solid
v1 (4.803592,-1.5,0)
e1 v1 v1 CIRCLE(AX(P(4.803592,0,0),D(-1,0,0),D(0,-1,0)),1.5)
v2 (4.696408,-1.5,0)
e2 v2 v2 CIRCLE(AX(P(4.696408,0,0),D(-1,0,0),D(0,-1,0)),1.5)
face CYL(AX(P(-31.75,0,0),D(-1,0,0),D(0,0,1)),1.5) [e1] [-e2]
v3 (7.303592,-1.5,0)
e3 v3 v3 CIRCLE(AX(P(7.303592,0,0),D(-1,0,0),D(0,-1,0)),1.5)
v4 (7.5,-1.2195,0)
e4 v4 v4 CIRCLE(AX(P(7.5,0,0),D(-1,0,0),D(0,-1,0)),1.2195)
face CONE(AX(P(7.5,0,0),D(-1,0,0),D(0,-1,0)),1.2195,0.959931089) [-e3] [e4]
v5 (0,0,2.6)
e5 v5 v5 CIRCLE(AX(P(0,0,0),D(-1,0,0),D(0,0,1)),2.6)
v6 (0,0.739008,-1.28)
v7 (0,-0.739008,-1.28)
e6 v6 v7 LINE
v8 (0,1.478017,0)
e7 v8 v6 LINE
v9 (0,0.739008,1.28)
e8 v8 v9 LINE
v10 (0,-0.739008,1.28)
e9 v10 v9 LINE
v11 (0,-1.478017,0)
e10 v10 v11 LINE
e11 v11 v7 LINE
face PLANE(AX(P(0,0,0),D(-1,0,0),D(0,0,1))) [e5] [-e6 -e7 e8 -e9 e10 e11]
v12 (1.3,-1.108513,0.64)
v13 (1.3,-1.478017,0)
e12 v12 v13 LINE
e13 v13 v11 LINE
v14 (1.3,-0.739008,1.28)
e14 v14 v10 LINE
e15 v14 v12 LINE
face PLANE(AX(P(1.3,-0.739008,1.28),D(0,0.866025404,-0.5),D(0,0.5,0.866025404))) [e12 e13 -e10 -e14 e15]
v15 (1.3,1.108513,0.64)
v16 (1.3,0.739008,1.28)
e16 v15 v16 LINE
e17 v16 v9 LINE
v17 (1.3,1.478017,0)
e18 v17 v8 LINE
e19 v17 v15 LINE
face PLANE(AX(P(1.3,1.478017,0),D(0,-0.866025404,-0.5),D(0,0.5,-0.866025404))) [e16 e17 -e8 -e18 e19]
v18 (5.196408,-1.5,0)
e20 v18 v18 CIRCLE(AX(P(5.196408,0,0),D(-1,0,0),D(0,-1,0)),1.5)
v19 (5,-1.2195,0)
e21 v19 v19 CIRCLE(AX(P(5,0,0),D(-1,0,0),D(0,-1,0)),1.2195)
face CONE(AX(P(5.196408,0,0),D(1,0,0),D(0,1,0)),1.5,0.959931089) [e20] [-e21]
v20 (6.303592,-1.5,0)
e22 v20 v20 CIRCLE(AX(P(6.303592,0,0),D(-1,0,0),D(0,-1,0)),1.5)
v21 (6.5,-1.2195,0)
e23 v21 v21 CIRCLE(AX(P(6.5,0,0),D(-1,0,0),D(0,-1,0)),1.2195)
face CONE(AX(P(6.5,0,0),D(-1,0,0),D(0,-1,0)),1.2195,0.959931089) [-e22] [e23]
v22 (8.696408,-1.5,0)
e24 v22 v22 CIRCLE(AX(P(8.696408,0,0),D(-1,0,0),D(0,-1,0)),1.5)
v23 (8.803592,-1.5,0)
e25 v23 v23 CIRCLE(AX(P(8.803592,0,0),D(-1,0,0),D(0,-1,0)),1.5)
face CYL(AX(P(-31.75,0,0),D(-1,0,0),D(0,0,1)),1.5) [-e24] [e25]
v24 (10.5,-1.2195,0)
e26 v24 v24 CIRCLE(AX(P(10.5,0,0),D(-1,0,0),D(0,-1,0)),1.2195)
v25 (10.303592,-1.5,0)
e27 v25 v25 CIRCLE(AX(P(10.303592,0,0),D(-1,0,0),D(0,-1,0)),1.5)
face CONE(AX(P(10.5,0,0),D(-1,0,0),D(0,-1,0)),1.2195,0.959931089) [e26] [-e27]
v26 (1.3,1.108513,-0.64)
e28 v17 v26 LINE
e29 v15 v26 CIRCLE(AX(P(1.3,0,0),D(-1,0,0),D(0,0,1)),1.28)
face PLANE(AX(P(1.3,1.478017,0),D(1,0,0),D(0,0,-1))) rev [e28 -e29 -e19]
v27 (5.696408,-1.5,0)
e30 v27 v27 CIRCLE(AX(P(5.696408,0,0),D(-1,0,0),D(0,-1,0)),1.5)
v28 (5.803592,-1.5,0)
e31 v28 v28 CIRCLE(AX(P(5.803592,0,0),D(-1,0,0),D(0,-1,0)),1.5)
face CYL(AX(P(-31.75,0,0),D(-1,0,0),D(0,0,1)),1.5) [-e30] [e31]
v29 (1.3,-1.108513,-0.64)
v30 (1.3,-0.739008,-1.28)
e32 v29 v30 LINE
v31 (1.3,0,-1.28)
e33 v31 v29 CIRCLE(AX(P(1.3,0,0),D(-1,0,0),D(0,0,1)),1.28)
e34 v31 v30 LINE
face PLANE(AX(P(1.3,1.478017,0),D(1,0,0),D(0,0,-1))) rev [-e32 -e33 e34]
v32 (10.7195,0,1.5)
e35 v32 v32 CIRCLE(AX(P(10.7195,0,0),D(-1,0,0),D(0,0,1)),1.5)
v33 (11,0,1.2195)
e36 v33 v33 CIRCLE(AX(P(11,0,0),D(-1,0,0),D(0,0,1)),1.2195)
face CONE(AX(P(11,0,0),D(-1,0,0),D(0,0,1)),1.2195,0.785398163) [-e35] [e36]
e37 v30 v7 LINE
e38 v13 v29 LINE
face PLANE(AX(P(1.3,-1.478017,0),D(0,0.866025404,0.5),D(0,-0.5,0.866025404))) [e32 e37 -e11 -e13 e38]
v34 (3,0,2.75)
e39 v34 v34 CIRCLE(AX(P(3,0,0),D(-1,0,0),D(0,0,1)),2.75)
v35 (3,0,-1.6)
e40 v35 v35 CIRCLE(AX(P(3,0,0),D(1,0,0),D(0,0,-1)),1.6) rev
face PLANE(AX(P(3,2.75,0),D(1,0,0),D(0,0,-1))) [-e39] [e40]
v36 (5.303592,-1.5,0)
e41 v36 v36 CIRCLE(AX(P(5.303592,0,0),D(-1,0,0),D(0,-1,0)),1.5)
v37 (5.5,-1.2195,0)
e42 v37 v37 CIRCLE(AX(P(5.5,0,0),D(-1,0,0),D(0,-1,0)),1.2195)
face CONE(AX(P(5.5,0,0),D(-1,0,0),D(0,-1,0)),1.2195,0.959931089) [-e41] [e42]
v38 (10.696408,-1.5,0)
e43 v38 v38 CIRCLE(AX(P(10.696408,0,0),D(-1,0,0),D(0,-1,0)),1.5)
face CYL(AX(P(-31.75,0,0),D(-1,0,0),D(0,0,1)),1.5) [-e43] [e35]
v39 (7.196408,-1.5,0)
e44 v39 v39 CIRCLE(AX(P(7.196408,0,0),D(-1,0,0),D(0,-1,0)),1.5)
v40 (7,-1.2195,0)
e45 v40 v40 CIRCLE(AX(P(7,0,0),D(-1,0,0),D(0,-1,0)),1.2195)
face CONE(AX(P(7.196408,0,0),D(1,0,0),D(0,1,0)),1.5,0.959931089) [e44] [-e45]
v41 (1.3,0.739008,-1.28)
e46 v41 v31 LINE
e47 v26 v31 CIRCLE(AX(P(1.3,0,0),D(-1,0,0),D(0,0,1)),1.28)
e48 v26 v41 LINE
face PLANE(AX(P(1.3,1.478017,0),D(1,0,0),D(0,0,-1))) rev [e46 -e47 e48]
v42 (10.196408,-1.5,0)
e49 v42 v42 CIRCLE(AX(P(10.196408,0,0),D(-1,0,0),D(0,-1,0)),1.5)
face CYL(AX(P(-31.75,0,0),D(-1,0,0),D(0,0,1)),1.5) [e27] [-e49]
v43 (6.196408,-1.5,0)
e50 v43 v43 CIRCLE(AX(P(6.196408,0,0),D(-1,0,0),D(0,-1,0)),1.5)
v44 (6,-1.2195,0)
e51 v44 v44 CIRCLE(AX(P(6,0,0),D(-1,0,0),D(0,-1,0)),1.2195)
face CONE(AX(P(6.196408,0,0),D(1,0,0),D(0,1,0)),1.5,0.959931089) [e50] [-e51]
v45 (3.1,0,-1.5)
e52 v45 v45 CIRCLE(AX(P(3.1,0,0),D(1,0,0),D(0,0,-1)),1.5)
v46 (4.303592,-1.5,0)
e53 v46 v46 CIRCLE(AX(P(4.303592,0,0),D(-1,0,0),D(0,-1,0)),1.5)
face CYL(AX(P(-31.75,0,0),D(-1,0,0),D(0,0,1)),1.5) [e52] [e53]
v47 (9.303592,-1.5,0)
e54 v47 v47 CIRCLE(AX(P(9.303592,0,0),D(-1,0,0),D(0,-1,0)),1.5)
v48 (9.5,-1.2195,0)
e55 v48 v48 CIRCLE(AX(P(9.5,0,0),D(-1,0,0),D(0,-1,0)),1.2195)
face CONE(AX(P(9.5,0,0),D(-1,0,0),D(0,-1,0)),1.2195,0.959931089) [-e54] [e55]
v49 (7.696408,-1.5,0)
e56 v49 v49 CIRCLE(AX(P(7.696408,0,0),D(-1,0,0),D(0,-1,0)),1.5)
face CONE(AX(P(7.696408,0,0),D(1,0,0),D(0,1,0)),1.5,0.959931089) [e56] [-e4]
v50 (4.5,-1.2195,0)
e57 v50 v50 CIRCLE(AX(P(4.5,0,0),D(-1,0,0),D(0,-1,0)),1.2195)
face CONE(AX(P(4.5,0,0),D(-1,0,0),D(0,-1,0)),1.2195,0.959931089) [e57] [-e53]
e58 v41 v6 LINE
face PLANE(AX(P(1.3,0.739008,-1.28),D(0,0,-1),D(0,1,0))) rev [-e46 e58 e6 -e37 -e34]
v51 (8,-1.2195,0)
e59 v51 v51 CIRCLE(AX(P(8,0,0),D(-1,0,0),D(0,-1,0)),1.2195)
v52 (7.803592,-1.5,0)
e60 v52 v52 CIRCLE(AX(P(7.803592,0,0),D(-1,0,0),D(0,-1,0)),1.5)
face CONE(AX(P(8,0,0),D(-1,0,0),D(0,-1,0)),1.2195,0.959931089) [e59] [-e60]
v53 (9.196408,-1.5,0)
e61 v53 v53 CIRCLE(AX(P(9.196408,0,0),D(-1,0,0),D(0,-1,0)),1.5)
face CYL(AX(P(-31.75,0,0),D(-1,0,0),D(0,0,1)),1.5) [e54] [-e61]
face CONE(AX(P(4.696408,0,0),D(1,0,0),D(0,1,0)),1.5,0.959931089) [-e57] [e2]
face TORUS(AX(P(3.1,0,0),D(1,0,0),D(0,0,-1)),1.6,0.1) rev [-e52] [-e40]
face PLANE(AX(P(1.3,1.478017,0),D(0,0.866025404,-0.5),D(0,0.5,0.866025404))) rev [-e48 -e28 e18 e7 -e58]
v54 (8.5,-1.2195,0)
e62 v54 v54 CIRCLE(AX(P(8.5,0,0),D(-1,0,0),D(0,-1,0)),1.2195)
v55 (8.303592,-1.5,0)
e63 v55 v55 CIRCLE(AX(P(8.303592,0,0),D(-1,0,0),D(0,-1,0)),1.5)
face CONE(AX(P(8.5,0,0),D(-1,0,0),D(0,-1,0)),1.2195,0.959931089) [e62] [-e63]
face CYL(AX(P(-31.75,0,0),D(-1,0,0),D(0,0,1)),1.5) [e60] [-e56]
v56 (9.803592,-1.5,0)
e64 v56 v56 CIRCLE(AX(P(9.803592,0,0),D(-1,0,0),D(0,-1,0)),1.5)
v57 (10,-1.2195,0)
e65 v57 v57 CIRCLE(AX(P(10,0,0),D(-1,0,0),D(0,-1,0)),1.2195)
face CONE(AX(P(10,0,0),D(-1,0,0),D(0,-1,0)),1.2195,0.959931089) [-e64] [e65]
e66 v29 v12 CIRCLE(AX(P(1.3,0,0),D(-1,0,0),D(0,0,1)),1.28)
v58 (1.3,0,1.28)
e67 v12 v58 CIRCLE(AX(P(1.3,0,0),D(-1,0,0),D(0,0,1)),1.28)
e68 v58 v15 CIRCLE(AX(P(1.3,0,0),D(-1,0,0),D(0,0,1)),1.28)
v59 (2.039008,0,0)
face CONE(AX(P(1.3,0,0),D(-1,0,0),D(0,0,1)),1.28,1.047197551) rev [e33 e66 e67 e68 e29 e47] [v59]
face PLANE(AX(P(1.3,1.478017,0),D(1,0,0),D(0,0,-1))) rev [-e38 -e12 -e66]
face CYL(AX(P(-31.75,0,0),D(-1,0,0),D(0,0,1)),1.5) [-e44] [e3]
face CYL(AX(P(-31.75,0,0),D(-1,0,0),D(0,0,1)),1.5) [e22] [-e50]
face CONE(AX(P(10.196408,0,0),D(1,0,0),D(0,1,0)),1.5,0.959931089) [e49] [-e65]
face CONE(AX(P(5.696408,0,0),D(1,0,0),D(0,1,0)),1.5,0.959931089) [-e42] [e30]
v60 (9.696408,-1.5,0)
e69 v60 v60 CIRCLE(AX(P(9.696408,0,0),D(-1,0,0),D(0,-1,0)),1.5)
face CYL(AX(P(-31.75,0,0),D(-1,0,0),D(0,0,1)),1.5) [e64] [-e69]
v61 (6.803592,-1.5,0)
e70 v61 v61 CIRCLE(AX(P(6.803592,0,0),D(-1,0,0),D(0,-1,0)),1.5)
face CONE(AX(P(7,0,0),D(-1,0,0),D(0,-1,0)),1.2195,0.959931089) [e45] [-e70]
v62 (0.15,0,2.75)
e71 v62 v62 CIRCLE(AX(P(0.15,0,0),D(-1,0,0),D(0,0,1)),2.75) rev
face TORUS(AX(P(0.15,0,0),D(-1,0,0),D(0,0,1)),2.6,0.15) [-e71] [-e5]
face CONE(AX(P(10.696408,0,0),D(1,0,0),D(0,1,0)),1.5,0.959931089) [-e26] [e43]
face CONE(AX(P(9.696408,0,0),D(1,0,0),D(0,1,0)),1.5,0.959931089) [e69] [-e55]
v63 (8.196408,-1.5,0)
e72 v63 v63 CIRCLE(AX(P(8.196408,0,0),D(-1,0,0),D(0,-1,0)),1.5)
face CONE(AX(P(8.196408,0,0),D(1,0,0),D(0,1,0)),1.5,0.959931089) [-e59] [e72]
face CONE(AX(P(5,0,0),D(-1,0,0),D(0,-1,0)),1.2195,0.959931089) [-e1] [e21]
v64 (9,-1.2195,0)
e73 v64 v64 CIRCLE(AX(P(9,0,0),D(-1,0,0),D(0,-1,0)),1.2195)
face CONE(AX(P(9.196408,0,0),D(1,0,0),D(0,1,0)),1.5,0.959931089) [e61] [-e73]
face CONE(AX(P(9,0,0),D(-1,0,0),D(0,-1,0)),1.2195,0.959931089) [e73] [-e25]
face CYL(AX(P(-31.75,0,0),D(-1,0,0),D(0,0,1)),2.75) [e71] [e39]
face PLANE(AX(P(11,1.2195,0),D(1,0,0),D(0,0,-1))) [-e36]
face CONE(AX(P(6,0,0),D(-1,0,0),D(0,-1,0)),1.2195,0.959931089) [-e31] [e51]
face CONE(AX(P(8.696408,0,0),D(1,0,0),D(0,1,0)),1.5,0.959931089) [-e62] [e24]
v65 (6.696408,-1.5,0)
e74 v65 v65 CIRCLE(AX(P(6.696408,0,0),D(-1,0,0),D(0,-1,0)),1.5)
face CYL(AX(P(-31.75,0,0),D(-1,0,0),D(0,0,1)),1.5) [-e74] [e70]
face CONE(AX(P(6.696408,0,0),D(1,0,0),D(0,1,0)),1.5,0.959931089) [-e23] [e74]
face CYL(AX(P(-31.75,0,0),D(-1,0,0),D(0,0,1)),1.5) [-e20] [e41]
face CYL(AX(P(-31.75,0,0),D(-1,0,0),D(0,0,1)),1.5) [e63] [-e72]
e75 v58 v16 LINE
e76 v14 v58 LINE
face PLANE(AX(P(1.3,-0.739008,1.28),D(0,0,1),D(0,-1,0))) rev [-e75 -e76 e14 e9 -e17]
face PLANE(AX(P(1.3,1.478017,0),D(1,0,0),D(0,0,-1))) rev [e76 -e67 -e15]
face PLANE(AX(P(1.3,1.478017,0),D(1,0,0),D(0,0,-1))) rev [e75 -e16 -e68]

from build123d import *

# Parameters (mm, degrees)
FILLET1_R       = 0.1
FILLET2_R       = 0.15
HEX_2_DEPTH     = 1.3
THDSCHPAT_COUNT = 13
THDSCHPAT_PITCH = 0.5


with BuildPart() as part:
    # BodySke → Base-Revolve (revolve)
    with BuildSketch(Plane.XY):
        Polygon((0, 0), (0, 2.75), (3, 2.75), (3, 1.5), (10.7195, 1.5), (11, 1.2195), (11, 0), align=None)
    revolve(axis=Axis((-31.75, 0, 0), (1, 0, 0)))

    # Fillet1
    fillet1_edges = [part.edges().sort_by_distance(p)[0] for p in [
        (3, -1.5, 0),
    ]]
    fillet(fillet1_edges, radius=FILLET1_R)

    # Fillet2
    fillet2_edges = [part.edges().sort_by_distance(p)[0] for p in [
        (0, -2.75, 0),
    ]]
    fillet(fillet2_edges, radius=FILLET2_R)

    # Sketch2 → Hex-PreBroach (revolve, cut)
    with BuildSketch(Plane.XY):
        Polygon((0, 1.28), (1.3, 1.28), (2.039008345, 0), (0, 0), align=None)
    revolve(axis=Axis((0, 0, 0), (1, 0, 0)), mode=Mode.SUBTRACT)

    # Sketch3 → Hex 2 (cut)
    with BuildSketch(Plane(origin=(0, 0, 0), x_dir=(0, 0.5, 0.866025404), z_dir=(-1, 0, 0))):
        Polygon((0.739008345, 1.28), (-0.739008345, 1.28), (-1.478016689, 0), (-0.739008345, -1.28), (0.739008345, -1.28), (1.478016689, 0), align=None)
    extrude(amount=-HEX_2_DEPTH, mode=Mode.SUBTRACT)

    # ThdSchSke → ThreadSchematic (revolve, cut)
    with BuildSketch(Plane.XY):
        Polygon((4.5, -1.2195), (4.303591786, -1.5), (4.303591786, -1.875), (4.696408214, -1.875), (4.696408214, -1.5), align=None)
    threadschematic = revolve(axis=Axis((-3.175, 0, 0), (1, 0, 0)), mode=Mode.SUBTRACT)

    # ThdSchPat: ThreadSchematic ×13
    with Locations(*[(i * THDSCHPAT_PITCH, 0, 0) for i in range(1, THDSCHPAT_COUNT)]):
        add(threadschematic, mode=Mode.SUBTRACT)


solid = part.part
